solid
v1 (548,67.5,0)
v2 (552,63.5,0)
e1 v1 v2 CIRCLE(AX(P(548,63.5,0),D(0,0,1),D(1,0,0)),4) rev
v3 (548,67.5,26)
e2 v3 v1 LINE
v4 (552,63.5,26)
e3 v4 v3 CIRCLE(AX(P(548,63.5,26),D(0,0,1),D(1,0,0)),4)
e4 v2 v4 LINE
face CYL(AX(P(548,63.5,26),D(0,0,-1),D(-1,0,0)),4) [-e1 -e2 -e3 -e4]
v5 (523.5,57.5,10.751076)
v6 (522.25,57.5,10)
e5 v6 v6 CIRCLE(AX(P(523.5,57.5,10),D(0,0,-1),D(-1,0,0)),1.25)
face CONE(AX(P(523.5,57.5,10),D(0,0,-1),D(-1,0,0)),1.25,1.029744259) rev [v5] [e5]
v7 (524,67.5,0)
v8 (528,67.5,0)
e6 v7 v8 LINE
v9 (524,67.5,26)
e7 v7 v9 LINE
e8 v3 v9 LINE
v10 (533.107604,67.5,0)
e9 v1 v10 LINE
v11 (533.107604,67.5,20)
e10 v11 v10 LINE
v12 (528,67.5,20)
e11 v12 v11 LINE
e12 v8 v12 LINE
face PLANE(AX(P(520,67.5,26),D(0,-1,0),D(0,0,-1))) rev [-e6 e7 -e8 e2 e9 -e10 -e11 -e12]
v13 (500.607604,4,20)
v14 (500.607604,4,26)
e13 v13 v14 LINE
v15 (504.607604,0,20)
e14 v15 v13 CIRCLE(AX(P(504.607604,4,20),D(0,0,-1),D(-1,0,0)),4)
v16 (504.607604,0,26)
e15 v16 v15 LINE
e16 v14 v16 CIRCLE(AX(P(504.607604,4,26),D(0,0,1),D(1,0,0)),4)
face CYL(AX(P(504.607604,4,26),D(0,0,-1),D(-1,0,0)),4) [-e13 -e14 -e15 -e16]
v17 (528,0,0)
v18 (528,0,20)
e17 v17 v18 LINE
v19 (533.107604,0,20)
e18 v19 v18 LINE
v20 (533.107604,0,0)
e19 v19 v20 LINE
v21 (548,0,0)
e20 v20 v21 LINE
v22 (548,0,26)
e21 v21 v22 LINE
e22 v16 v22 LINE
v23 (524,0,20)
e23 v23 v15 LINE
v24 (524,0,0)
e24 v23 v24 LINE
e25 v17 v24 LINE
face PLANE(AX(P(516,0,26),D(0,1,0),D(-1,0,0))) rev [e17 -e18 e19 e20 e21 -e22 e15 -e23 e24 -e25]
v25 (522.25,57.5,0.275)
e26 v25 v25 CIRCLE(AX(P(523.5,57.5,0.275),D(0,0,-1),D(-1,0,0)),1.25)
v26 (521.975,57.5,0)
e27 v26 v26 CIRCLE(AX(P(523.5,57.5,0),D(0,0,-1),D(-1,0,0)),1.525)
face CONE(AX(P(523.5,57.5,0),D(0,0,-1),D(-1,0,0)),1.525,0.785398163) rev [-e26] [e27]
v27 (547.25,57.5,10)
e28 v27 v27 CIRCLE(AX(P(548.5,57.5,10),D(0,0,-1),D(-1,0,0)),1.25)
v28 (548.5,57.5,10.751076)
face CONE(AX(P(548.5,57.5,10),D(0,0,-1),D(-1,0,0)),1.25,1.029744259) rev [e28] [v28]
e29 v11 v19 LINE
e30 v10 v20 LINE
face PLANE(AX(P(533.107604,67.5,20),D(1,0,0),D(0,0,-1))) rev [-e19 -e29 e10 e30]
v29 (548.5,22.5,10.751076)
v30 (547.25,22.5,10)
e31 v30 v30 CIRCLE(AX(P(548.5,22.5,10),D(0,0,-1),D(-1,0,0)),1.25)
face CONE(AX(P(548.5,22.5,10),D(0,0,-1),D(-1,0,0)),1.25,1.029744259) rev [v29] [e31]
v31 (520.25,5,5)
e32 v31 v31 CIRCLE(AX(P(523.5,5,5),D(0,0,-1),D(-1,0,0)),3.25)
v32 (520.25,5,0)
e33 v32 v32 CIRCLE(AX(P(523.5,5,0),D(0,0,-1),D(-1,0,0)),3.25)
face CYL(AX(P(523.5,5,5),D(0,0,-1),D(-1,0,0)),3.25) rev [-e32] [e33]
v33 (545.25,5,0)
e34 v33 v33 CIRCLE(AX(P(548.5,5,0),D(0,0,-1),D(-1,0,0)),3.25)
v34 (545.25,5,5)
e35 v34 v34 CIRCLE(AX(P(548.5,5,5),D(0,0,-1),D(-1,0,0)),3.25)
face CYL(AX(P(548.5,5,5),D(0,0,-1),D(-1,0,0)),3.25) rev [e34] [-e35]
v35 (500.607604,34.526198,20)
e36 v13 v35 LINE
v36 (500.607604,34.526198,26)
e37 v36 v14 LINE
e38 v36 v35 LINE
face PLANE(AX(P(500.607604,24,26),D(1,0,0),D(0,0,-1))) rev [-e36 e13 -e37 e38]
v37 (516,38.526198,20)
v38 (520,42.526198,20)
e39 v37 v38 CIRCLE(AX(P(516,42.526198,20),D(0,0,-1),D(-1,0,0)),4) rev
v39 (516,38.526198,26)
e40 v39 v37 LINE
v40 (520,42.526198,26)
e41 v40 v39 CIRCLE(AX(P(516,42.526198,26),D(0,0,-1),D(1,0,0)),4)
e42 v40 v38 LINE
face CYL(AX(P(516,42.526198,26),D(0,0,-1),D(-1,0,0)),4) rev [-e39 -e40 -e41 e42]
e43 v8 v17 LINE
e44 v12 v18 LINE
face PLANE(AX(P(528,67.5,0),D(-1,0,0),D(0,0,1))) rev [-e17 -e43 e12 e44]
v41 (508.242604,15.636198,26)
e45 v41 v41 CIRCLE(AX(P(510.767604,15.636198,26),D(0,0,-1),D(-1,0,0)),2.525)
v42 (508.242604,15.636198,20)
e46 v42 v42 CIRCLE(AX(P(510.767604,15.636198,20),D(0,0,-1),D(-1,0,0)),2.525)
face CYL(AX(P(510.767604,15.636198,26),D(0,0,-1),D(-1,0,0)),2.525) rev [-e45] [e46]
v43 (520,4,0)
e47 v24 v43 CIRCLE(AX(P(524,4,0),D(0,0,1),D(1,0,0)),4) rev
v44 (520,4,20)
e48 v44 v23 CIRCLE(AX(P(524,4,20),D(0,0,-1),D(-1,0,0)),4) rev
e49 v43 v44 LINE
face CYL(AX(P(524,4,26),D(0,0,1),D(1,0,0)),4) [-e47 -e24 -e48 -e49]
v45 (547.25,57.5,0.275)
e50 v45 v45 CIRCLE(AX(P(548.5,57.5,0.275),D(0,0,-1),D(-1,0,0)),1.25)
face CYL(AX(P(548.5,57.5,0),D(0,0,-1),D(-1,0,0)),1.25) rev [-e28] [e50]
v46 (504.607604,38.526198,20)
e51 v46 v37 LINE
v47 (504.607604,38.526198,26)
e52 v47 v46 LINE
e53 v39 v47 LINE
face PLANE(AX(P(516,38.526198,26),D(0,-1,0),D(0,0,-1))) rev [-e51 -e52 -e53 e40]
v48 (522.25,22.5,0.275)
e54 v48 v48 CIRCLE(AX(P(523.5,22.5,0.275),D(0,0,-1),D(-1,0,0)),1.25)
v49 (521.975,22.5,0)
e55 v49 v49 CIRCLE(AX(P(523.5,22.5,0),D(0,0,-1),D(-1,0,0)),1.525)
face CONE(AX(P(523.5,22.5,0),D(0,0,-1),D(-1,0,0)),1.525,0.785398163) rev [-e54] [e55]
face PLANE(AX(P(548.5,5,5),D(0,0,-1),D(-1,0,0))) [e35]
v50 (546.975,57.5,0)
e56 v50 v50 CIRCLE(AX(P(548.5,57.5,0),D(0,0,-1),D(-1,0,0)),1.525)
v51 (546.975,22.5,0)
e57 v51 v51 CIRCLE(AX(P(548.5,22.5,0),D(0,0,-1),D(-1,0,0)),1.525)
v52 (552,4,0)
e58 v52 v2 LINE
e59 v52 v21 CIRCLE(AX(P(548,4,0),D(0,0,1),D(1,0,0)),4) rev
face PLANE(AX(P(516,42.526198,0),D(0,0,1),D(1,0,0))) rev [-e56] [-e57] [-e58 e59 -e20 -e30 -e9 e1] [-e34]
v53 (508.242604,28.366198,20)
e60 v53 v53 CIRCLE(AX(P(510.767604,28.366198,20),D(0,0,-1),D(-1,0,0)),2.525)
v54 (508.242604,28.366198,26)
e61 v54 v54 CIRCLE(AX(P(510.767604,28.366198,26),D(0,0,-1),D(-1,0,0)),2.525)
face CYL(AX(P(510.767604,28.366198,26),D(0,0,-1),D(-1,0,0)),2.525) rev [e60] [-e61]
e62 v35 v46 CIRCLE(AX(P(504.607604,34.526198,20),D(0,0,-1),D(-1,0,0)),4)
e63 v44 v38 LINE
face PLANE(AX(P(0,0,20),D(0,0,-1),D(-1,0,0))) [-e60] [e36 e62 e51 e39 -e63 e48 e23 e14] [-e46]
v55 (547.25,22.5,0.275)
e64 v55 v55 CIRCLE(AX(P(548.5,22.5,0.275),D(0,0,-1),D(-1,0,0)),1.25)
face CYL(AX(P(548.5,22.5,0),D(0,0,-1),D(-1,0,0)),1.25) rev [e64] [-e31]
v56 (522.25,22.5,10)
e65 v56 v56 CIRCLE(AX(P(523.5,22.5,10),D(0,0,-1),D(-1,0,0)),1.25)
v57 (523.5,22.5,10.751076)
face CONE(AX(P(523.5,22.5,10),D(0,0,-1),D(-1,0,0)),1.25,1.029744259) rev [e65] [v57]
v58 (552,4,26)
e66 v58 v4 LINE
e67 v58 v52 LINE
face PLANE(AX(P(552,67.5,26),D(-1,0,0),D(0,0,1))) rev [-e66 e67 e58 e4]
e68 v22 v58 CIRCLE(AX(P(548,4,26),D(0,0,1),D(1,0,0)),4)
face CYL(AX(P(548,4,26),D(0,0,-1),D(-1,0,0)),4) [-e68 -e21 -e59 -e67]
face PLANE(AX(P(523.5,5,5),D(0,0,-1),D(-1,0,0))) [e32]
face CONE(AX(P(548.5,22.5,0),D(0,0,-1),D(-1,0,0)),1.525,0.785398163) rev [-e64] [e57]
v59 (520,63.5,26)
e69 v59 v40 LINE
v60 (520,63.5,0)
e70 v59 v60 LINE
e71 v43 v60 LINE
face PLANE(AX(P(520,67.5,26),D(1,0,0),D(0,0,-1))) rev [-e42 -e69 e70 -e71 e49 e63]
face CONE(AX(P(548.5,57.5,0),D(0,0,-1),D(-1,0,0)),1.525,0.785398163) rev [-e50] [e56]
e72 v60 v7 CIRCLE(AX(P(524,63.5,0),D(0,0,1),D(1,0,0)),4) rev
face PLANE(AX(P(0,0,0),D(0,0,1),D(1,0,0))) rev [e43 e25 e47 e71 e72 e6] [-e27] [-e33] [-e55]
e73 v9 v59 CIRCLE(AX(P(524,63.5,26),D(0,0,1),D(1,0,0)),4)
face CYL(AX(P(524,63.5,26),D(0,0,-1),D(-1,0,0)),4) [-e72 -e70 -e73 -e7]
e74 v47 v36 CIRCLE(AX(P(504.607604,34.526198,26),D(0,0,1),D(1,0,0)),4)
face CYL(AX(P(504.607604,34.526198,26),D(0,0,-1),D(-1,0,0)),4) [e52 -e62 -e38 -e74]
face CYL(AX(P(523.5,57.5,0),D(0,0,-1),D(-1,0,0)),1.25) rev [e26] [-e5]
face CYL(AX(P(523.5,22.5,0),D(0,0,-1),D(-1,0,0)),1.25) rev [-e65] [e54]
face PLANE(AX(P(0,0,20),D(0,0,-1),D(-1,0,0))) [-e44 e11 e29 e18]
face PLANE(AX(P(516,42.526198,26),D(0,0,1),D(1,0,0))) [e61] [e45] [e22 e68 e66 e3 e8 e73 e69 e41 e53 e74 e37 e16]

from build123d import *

# Parameters (mm, degrees)
BOSS_EXTRUDE1_DEPTH             = 26
SKETCH4_W                       = 32.5
SKETCH4_H                       = 67.5
CUT_EXTRUDE1_DEPTH              = 20
SKETCH5_R                       = 2.525
CUT_EXTRUDE2_DEPTH              = 557.471248134
SKETCH6_W                       = 8
SKETCH6_H                       = 67.5
BOSS_EXTRUDE2_DEPTH             = 20
FILLET3_R                       = 4
SKETCH9_R                       = 3.25
CUT_EXTRUDE3_DEPTH              = 5
M3X0_5_TAPPED_HOLE1_D           = 2.5
M3X0_5_TAPPED_HOLE1_DEPTH       = 10
M3X0_5_TAPPED_HOLE1_CSINK_D     = 3.05
M3X0_5_TAPPED_HOLE1_CSINK_ANGLE = 90
M3X0_5_TAPPED_HOLE1_TIP         = 0.751075774


with BuildPart() as part:
    # Sketch3 → Boss-Extrude1 (new body)
    with BuildSketch(Plane.XY):
        with BuildLine():
            Line((516, 38.526197832), (504.607604335, 38.526197832))
            ThreePointArc((504.607604335, 38.526197832), (501.779177211, 37.354624957), (500.607604335, 34.526197832))
            Line((500.607604335, 34.526197832), (500.607604335, 24))
            Line((500.607604335, 24), (500.607604335, 0))
            Line((500.607604335, 0), (516, 0))
            Line((516, 0), (552, 0))
            Line((552, 0), (552, 38.526197832))
            Line((552, 38.526197832), (552, 67.5))
            Line((552, 67.5), (520, 67.5))
            Line((520, 67.5), (520, 42.526197832))
            ThreePointArc((520, 42.526197832), (518.828427125, 39.697770708), (516, 38.526197832))
        make_face()
    extrude(amount=BOSS_EXTRUDE1_DEPTH)

    # Sketch4 → Cut-Extrude1 (cut)
    with BuildSketch(Plane(origin=(0, 0, 0), x_dir=(-1, 0, 0), z_dir=(0, 0, -1))):
        with Locations((-516.857604335, 33.75)):
            Rectangle(SKETCH4_W, SKETCH4_H)
    extrude(amount=-CUT_EXTRUDE1_DEPTH, mode=Mode.SUBTRACT)

    # Sketch5 → Cut-Extrude2 (cut, through all)
    with BuildSketch(Plane(origin=(0, 0, 20), x_dir=(-1, 0, 0), z_dir=(0, 0, -1))):
        with Locations((-510.767604335, 28.366197832)):
            Circle(SKETCH5_R)
        with Locations((-510.767604335, 15.636197832)):
            Circle(SKETCH5_R)
    extrude(amount=-CUT_EXTRUDE2_DEPTH, mode=Mode.SUBTRACT)

    # Sketch6 → Boss-Extrude2 (add)
    with BuildSketch(Plane(origin=(0, 0, 20), x_dir=(-1, 0, 0), z_dir=(0, 0, -1))):
        with Locations((-524, 33.75)):
            Rectangle(SKETCH6_W, SKETCH6_H)
    extrude(amount=BOSS_EXTRUDE2_DEPTH)

    # Fillet3
    fillet3_edges = [part.edges().sort_by_distance(p)[0] for p in [
        (520, 67.5, 13),
        (552, 67.5, 13),
        (552, 0, 13),
        (500.607604335, 0, 23),
        (520, 0, 10),
    ]]
    fillet(fillet3_edges, radius=FILLET3_R)

    # Sketch9 → Cut-Extrude3 (cut)
    with BuildSketch(Plane(origin=(0, 0, 0), x_dir=(-1, 0, 0), z_dir=(0, 0, -1))):
        with Locations((-523.5, 5)):
            Circle(SKETCH9_R)
        with Locations((-548.5, 5)):
            Circle(SKETCH9_R)
    extrude(amount=-CUT_EXTRUDE3_DEPTH, mode=Mode.SUBTRACT)

    # M3x0.5 Tapped Hole1
    with Locations(Plane(origin=(0, 0, 0), x_dir=(-1, 0, 0), z_dir=(0, 0, -1))):
        with Locations((-523.5, 57.5), (-548.5, 57.5), (-548.5, 22.5), (-523.5, 22.5)):
            CounterSinkHole(M3X0_5_TAPPED_HOLE1_D / 2, M3X0_5_TAPPED_HOLE1_CSINK_D / 2, depth=M3X0_5_TAPPED_HOLE1_DEPTH, counter_sink_angle=M3X0_5_TAPPED_HOLE1_CSINK_ANGLE)
            with Locations((0, 0, -(M3X0_5_TAPPED_HOLE1_DEPTH + M3X0_5_TAPPED_HOLE1_TIP / 2))):  # 118° drill point
                Cone(0, M3X0_5_TAPPED_HOLE1_D / 2, M3X0_5_TAPPED_HOLE1_TIP, mode=Mode.SUBTRACT)


solid = part.part
